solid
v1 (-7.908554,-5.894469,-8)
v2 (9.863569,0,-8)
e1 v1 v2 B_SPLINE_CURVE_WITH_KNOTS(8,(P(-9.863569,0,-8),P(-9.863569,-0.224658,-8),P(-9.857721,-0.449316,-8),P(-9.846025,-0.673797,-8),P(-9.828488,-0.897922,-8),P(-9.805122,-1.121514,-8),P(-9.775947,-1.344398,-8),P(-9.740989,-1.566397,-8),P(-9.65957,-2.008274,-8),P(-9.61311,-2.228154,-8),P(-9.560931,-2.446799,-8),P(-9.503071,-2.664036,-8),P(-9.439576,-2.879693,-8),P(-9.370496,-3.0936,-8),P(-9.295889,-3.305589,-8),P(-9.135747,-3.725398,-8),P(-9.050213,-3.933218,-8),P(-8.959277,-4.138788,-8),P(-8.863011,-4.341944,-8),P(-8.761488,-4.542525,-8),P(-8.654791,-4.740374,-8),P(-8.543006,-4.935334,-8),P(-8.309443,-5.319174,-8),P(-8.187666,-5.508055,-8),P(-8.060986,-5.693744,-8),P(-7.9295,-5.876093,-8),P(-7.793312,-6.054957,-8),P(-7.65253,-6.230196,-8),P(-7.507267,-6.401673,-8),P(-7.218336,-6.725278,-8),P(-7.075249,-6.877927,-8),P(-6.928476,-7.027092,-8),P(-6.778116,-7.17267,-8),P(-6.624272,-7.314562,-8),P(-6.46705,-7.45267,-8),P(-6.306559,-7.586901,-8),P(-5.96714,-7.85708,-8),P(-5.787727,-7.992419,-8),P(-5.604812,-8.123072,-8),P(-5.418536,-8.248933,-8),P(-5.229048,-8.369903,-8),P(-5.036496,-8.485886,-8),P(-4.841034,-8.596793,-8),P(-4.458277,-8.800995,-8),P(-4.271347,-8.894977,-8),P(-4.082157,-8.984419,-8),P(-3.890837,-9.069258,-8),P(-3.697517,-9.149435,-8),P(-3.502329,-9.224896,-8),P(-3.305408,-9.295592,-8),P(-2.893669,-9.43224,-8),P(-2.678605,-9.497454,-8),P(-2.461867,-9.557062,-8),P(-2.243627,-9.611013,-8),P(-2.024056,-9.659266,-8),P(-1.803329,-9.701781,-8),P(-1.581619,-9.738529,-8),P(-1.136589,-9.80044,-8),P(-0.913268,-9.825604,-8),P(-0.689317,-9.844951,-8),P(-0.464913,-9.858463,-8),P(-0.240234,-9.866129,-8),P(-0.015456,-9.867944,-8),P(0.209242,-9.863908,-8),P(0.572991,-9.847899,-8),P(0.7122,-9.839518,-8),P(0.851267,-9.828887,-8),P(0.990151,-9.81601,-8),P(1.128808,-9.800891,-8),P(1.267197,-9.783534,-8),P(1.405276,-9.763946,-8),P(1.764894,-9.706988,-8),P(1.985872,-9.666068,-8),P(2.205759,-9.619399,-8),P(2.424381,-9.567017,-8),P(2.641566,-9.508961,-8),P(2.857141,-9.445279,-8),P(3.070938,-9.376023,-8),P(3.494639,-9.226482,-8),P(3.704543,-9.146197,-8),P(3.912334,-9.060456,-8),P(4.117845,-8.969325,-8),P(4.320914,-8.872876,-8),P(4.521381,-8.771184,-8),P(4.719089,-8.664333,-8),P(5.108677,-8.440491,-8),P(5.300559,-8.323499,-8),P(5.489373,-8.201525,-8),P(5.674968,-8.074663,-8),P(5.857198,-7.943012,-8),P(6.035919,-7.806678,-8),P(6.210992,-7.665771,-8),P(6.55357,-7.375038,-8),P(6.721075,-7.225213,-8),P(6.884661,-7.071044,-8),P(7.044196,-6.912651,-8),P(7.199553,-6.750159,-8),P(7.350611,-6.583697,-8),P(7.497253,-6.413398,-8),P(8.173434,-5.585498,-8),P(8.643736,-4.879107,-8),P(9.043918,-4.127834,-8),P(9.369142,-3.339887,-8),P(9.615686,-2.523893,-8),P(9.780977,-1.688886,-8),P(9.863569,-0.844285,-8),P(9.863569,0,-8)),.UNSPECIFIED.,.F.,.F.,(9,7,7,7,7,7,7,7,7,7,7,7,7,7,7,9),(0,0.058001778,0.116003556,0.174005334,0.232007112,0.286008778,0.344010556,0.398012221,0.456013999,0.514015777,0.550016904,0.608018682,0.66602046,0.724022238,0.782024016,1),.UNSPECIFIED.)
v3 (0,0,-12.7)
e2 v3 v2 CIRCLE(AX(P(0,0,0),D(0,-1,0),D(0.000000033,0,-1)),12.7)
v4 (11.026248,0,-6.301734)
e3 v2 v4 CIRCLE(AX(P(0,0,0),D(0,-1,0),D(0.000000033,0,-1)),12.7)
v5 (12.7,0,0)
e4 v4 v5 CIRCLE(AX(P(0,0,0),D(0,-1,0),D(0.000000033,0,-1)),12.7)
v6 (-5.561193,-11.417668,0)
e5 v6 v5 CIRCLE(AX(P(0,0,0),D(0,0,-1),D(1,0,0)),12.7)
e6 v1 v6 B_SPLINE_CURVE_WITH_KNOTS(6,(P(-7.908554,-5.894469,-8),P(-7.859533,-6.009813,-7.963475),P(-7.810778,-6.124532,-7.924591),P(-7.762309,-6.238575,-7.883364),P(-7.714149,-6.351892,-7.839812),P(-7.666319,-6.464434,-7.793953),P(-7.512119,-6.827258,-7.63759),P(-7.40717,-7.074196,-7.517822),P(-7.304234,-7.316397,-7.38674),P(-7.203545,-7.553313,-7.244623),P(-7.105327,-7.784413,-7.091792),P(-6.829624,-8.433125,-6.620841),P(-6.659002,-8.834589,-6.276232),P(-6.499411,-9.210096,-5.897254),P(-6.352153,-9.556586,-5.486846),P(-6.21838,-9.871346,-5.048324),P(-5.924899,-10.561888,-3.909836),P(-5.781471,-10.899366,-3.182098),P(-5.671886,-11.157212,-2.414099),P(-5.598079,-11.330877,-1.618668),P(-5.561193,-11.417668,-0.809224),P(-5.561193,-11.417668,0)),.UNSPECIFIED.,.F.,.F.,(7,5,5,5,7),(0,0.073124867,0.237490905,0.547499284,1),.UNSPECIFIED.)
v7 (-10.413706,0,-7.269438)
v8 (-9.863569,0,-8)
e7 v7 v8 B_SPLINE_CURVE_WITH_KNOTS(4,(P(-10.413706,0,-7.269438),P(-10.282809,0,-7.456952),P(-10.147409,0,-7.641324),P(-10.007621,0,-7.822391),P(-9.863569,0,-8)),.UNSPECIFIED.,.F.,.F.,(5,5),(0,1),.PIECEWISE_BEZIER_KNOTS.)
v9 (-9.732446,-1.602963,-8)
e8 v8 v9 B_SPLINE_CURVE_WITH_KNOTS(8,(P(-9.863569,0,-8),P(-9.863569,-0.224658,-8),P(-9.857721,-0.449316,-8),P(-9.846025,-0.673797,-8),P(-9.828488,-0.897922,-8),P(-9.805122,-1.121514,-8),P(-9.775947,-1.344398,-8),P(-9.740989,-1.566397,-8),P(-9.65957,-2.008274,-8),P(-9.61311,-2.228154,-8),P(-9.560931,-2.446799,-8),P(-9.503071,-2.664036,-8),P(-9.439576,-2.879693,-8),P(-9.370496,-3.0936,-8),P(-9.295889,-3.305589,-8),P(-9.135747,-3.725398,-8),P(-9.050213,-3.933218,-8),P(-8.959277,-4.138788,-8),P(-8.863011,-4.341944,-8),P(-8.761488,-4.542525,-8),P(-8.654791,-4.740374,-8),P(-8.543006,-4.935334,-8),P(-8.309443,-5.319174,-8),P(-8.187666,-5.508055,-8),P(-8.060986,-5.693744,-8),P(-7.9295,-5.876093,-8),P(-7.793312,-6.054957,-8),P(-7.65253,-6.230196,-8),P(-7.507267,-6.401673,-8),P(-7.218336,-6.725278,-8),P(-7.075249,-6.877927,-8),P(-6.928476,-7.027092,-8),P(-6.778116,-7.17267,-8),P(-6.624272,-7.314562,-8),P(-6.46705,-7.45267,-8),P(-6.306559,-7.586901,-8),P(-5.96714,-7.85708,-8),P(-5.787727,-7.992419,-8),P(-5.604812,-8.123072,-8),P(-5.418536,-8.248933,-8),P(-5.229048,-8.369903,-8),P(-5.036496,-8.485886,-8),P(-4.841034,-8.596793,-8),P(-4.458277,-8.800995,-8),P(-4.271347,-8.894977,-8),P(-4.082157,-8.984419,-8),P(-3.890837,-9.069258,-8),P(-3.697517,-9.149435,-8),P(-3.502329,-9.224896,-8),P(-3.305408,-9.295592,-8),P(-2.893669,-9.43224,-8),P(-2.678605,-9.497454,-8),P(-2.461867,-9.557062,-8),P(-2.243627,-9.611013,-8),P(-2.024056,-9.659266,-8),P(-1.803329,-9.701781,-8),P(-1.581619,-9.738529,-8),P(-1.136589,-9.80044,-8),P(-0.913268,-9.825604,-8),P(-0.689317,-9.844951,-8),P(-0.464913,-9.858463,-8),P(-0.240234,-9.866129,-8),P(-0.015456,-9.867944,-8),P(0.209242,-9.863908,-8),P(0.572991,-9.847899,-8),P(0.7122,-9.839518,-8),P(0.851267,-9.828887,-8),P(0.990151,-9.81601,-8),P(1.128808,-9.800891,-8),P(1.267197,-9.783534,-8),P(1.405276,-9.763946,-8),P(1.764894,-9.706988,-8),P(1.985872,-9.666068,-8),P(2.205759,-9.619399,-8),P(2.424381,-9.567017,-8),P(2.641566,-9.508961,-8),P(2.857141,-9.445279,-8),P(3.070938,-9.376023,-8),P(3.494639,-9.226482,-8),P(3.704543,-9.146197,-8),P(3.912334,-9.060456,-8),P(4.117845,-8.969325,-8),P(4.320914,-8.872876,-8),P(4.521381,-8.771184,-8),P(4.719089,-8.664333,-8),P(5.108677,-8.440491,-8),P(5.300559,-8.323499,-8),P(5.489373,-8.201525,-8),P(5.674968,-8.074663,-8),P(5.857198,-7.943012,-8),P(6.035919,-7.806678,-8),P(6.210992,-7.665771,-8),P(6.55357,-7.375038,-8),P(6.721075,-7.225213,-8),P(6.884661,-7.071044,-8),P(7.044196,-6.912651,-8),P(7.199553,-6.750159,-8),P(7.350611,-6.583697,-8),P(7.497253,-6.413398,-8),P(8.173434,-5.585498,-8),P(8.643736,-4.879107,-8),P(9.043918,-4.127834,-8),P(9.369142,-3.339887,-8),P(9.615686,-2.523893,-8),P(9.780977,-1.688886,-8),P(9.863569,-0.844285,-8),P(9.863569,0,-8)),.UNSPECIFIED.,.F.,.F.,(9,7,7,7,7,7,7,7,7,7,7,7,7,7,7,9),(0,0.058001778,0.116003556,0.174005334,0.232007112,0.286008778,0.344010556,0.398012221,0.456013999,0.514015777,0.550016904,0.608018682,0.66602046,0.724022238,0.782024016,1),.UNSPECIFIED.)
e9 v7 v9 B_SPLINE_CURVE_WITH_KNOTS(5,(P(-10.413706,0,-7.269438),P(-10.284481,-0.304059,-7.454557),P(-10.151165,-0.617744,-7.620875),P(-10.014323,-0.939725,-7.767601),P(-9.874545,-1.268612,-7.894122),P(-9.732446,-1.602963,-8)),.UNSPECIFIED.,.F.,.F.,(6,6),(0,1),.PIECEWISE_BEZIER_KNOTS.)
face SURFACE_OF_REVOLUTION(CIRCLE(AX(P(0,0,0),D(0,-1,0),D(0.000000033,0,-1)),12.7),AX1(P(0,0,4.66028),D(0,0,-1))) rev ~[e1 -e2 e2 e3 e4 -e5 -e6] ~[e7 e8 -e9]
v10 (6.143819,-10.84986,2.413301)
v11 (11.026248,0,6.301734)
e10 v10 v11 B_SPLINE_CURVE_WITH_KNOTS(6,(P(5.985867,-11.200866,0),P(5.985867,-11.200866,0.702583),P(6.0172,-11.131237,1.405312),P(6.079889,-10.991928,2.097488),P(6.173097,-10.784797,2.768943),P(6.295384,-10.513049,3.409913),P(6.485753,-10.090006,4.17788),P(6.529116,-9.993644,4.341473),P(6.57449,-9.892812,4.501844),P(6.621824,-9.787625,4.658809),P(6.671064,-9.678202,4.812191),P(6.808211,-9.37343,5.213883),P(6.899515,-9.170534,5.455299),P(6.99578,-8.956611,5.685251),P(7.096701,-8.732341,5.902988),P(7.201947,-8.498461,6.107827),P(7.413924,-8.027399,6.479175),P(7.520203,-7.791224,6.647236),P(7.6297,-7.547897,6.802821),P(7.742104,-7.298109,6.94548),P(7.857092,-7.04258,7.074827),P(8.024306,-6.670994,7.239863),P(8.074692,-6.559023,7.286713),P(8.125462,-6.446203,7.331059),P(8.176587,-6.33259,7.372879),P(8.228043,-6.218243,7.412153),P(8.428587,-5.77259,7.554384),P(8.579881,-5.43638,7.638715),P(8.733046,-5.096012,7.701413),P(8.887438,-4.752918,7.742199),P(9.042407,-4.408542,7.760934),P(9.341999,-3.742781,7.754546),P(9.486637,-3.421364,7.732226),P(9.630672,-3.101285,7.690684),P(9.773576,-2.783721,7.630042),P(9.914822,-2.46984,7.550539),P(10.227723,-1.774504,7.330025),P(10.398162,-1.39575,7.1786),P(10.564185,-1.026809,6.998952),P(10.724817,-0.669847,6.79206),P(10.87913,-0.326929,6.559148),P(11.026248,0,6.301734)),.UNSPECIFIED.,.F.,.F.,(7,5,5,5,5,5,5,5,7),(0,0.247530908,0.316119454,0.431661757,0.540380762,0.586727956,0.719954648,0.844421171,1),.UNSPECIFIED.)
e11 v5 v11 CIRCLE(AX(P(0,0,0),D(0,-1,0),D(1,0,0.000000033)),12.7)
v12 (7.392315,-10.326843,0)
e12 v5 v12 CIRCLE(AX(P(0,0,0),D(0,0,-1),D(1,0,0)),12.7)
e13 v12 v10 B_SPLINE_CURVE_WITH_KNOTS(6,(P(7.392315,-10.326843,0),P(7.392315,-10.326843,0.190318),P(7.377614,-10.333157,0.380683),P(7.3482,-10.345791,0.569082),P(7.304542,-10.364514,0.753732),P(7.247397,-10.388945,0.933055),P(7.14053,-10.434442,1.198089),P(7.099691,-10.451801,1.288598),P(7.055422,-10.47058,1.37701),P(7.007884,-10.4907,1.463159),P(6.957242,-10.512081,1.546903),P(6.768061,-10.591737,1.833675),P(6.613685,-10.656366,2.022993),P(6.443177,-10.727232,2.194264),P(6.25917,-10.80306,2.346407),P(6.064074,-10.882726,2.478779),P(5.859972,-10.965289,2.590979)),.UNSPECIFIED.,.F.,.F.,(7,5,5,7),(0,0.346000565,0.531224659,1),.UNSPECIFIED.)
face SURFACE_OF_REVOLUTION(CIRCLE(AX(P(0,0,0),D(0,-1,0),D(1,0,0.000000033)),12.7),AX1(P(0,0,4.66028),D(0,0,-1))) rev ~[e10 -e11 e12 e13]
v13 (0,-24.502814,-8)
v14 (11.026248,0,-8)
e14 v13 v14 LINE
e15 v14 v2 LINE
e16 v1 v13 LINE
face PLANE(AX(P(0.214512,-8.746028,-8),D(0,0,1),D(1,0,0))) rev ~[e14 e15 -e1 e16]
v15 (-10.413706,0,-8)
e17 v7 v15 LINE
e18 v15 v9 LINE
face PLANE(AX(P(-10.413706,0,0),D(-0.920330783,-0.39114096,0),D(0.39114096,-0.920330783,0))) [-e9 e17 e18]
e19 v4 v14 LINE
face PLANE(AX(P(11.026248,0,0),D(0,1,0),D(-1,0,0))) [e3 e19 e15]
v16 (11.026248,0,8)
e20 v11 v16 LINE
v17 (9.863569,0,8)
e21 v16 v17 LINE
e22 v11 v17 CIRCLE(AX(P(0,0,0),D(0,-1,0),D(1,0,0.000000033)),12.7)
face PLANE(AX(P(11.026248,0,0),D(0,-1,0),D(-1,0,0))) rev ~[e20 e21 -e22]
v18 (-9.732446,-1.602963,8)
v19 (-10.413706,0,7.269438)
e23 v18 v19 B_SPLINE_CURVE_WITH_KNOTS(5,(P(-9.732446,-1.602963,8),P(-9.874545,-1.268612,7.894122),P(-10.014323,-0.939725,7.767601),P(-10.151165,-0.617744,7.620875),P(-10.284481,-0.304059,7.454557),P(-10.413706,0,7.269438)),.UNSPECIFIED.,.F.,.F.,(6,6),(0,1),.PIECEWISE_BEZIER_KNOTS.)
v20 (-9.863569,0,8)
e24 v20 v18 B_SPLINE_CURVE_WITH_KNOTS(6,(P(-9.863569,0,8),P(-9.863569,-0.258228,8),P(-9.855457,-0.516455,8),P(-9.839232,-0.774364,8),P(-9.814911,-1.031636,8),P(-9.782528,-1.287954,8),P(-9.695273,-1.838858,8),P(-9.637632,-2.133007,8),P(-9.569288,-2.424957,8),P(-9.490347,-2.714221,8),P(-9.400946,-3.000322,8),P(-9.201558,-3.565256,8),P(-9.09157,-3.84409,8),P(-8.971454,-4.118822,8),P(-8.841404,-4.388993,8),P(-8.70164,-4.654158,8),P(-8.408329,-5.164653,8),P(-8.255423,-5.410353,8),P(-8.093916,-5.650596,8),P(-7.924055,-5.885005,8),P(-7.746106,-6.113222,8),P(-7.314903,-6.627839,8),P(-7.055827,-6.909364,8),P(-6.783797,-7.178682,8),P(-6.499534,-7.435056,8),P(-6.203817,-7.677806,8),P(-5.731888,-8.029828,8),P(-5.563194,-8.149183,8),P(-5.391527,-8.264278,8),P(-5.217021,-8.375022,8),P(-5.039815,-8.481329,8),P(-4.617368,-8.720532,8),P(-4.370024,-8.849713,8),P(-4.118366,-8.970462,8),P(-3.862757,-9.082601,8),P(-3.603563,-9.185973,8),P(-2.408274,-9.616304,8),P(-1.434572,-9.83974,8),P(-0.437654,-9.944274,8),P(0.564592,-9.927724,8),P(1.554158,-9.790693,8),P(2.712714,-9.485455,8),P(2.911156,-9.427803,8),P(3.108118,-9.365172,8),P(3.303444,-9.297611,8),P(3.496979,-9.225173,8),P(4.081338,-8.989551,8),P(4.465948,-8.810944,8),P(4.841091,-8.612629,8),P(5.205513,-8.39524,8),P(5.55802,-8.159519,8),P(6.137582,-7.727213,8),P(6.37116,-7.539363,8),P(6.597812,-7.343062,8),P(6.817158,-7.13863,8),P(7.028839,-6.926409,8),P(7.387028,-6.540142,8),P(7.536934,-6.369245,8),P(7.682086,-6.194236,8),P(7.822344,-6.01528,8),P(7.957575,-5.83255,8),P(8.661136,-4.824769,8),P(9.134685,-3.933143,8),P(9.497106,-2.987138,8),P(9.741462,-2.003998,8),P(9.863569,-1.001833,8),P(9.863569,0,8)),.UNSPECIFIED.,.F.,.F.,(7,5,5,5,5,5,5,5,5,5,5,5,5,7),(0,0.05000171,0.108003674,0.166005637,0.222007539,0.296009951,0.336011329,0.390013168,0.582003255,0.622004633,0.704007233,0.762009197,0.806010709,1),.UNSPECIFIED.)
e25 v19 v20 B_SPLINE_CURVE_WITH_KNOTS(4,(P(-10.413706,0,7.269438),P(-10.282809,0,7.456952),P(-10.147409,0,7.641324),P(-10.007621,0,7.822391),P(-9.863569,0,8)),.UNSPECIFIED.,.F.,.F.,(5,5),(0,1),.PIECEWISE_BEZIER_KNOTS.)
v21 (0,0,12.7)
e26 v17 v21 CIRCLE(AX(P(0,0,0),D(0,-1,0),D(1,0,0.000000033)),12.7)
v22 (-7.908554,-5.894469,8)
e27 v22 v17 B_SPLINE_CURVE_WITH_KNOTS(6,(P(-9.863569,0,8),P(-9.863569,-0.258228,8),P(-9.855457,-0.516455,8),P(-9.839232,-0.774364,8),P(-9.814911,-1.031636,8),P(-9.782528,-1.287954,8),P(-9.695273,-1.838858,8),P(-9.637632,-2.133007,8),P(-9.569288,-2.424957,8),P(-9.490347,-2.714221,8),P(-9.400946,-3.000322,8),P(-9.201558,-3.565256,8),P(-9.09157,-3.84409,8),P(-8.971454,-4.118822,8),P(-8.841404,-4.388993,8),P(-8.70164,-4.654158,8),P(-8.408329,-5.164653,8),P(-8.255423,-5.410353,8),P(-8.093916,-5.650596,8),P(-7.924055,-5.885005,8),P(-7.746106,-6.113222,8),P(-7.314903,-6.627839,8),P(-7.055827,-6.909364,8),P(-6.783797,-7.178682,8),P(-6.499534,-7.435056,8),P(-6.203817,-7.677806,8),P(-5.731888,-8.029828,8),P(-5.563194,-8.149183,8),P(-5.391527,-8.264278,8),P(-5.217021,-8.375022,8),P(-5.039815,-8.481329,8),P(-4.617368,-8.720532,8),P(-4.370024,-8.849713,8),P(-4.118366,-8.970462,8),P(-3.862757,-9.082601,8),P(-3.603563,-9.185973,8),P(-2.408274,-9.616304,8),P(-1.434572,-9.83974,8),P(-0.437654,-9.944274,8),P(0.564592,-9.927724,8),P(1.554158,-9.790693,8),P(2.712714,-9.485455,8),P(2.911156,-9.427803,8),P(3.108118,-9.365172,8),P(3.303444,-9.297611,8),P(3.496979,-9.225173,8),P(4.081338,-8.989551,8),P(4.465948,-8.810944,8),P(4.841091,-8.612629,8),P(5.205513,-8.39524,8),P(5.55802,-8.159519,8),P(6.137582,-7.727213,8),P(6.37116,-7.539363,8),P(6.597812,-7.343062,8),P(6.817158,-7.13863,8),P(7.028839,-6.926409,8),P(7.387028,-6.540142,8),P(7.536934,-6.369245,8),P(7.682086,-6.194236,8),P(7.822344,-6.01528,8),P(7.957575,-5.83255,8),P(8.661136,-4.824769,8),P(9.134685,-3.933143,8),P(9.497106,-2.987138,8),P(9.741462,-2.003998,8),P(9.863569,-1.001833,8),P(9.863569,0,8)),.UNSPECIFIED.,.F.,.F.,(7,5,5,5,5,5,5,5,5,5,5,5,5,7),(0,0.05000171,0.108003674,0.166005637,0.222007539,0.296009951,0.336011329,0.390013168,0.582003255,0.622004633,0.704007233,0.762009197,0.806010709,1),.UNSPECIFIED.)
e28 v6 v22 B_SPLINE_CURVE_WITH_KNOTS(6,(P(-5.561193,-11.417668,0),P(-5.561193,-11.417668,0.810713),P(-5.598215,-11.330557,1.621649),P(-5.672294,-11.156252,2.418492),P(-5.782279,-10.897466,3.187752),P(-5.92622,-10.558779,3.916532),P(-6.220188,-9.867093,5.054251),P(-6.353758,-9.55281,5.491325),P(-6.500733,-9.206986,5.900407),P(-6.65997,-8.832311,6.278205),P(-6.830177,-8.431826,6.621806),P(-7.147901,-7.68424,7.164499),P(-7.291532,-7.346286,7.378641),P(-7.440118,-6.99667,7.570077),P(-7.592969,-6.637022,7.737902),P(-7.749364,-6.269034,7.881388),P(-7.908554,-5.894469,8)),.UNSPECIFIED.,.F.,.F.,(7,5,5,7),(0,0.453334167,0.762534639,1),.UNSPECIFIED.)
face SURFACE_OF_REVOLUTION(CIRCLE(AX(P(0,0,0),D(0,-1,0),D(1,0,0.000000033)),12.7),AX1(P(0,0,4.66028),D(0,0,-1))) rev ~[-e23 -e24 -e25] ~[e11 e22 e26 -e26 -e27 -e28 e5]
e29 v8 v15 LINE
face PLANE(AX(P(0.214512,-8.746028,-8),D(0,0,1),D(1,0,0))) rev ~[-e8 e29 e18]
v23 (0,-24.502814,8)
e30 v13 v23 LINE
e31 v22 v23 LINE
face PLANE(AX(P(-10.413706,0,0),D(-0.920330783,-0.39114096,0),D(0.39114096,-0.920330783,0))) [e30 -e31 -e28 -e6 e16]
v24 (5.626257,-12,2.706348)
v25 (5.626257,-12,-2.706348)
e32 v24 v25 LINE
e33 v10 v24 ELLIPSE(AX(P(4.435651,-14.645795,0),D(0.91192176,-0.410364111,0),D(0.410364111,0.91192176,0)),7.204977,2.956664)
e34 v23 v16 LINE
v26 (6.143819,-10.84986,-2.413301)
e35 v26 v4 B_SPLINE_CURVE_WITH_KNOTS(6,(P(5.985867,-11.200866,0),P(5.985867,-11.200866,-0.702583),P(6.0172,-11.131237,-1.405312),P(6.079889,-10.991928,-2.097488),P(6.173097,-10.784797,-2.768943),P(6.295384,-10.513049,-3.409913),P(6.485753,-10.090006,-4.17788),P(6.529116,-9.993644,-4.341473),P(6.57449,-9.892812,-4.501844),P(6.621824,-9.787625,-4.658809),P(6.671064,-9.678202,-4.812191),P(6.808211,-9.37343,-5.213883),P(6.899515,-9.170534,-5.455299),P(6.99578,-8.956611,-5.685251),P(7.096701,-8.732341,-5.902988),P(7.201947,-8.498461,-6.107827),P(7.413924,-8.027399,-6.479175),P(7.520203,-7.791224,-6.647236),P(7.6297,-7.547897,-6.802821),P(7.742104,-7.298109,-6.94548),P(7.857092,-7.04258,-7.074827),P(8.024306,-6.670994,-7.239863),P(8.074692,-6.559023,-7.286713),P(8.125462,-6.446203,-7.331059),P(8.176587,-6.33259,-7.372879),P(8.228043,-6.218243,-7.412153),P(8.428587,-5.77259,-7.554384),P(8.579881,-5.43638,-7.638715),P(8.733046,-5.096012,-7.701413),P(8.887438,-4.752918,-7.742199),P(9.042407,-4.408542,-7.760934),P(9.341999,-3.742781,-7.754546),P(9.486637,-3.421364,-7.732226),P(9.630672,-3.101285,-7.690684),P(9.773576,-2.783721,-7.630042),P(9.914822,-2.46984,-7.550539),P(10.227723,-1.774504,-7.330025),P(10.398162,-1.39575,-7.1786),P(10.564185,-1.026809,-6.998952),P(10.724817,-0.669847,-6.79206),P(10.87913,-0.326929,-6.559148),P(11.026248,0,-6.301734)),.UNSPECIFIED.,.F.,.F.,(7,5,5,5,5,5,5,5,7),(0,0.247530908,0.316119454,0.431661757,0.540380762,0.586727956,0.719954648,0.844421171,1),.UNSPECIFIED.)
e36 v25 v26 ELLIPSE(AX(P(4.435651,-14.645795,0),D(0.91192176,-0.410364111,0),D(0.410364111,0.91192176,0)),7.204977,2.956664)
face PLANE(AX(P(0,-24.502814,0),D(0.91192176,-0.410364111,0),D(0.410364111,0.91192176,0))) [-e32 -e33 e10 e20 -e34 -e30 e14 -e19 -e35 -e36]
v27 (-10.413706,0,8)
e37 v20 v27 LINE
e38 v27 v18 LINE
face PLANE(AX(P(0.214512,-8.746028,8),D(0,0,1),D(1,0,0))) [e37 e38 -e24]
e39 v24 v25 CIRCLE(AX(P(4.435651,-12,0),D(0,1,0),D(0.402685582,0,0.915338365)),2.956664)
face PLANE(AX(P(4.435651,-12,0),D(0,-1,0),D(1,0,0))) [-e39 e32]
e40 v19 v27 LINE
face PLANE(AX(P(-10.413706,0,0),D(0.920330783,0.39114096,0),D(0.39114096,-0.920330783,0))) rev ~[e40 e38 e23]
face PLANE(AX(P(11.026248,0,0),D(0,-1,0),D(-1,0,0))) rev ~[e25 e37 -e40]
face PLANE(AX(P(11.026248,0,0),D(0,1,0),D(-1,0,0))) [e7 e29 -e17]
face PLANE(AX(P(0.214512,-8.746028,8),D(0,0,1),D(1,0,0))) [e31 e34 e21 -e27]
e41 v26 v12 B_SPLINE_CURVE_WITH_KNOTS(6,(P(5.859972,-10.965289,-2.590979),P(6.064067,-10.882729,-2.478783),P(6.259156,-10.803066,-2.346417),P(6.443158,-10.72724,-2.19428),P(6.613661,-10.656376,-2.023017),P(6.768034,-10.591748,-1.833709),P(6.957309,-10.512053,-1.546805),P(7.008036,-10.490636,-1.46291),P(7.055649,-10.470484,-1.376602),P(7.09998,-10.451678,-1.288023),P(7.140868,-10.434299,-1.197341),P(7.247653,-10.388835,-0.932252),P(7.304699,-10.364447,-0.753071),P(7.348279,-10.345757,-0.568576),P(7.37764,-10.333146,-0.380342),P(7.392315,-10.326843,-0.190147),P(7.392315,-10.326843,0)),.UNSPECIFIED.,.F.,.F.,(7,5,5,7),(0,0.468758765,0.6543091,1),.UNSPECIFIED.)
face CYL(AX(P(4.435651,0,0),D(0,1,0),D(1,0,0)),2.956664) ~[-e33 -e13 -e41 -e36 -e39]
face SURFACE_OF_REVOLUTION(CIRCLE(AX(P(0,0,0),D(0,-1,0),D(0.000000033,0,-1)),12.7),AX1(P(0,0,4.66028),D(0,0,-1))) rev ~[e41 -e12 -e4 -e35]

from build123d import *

# Parameters (mm, degrees)
F3_DEPTH = 8
F4_DEPTH = 8
F5_R     = 2.956664
F6_DEPTH = 12


with BuildPart() as f1:
    # F0 (on Front) → F1 (revolve)
    with BuildSketch(Plane.XZ):
        with BuildLine():
            ThreePointArc((0, -12.7), (8.980256, -8.980256), (12.7, 0))
            ThreePointArc((12.7, 0), (8.980256, 8.980256), (0, 12.7))
            Line((0, 12.7), (0, -12.7))
        make_face()
    revolve(axis=Axis((0, 0, 4.66028), (0, 0, -1)))

    # F2 (on Top) → F3 (join)
    with BuildSketch(Plane.XY):
        Polygon((11.026248, 0), (0, 0), (-10.413706, 0), (0, -24.502814), align=None)
    extrude(amount=F3_DEPTH)

    # F2 (on Top) → F4 (join)
    with BuildSketch(Plane.XY):
        Polygon((11.026248, 0), (0, 0), (-10.413706, 0), (0, -24.502814), align=None)
    extrude(amount=-F4_DEPTH)

    # F5 (on Front) → F6 (join)
    with BuildSketch(Plane.XZ):
        with Locations((4.435651, 0)):
            Circle(F5_R)
    extrude(amount=F6_DEPTH)


solid = f1.part
